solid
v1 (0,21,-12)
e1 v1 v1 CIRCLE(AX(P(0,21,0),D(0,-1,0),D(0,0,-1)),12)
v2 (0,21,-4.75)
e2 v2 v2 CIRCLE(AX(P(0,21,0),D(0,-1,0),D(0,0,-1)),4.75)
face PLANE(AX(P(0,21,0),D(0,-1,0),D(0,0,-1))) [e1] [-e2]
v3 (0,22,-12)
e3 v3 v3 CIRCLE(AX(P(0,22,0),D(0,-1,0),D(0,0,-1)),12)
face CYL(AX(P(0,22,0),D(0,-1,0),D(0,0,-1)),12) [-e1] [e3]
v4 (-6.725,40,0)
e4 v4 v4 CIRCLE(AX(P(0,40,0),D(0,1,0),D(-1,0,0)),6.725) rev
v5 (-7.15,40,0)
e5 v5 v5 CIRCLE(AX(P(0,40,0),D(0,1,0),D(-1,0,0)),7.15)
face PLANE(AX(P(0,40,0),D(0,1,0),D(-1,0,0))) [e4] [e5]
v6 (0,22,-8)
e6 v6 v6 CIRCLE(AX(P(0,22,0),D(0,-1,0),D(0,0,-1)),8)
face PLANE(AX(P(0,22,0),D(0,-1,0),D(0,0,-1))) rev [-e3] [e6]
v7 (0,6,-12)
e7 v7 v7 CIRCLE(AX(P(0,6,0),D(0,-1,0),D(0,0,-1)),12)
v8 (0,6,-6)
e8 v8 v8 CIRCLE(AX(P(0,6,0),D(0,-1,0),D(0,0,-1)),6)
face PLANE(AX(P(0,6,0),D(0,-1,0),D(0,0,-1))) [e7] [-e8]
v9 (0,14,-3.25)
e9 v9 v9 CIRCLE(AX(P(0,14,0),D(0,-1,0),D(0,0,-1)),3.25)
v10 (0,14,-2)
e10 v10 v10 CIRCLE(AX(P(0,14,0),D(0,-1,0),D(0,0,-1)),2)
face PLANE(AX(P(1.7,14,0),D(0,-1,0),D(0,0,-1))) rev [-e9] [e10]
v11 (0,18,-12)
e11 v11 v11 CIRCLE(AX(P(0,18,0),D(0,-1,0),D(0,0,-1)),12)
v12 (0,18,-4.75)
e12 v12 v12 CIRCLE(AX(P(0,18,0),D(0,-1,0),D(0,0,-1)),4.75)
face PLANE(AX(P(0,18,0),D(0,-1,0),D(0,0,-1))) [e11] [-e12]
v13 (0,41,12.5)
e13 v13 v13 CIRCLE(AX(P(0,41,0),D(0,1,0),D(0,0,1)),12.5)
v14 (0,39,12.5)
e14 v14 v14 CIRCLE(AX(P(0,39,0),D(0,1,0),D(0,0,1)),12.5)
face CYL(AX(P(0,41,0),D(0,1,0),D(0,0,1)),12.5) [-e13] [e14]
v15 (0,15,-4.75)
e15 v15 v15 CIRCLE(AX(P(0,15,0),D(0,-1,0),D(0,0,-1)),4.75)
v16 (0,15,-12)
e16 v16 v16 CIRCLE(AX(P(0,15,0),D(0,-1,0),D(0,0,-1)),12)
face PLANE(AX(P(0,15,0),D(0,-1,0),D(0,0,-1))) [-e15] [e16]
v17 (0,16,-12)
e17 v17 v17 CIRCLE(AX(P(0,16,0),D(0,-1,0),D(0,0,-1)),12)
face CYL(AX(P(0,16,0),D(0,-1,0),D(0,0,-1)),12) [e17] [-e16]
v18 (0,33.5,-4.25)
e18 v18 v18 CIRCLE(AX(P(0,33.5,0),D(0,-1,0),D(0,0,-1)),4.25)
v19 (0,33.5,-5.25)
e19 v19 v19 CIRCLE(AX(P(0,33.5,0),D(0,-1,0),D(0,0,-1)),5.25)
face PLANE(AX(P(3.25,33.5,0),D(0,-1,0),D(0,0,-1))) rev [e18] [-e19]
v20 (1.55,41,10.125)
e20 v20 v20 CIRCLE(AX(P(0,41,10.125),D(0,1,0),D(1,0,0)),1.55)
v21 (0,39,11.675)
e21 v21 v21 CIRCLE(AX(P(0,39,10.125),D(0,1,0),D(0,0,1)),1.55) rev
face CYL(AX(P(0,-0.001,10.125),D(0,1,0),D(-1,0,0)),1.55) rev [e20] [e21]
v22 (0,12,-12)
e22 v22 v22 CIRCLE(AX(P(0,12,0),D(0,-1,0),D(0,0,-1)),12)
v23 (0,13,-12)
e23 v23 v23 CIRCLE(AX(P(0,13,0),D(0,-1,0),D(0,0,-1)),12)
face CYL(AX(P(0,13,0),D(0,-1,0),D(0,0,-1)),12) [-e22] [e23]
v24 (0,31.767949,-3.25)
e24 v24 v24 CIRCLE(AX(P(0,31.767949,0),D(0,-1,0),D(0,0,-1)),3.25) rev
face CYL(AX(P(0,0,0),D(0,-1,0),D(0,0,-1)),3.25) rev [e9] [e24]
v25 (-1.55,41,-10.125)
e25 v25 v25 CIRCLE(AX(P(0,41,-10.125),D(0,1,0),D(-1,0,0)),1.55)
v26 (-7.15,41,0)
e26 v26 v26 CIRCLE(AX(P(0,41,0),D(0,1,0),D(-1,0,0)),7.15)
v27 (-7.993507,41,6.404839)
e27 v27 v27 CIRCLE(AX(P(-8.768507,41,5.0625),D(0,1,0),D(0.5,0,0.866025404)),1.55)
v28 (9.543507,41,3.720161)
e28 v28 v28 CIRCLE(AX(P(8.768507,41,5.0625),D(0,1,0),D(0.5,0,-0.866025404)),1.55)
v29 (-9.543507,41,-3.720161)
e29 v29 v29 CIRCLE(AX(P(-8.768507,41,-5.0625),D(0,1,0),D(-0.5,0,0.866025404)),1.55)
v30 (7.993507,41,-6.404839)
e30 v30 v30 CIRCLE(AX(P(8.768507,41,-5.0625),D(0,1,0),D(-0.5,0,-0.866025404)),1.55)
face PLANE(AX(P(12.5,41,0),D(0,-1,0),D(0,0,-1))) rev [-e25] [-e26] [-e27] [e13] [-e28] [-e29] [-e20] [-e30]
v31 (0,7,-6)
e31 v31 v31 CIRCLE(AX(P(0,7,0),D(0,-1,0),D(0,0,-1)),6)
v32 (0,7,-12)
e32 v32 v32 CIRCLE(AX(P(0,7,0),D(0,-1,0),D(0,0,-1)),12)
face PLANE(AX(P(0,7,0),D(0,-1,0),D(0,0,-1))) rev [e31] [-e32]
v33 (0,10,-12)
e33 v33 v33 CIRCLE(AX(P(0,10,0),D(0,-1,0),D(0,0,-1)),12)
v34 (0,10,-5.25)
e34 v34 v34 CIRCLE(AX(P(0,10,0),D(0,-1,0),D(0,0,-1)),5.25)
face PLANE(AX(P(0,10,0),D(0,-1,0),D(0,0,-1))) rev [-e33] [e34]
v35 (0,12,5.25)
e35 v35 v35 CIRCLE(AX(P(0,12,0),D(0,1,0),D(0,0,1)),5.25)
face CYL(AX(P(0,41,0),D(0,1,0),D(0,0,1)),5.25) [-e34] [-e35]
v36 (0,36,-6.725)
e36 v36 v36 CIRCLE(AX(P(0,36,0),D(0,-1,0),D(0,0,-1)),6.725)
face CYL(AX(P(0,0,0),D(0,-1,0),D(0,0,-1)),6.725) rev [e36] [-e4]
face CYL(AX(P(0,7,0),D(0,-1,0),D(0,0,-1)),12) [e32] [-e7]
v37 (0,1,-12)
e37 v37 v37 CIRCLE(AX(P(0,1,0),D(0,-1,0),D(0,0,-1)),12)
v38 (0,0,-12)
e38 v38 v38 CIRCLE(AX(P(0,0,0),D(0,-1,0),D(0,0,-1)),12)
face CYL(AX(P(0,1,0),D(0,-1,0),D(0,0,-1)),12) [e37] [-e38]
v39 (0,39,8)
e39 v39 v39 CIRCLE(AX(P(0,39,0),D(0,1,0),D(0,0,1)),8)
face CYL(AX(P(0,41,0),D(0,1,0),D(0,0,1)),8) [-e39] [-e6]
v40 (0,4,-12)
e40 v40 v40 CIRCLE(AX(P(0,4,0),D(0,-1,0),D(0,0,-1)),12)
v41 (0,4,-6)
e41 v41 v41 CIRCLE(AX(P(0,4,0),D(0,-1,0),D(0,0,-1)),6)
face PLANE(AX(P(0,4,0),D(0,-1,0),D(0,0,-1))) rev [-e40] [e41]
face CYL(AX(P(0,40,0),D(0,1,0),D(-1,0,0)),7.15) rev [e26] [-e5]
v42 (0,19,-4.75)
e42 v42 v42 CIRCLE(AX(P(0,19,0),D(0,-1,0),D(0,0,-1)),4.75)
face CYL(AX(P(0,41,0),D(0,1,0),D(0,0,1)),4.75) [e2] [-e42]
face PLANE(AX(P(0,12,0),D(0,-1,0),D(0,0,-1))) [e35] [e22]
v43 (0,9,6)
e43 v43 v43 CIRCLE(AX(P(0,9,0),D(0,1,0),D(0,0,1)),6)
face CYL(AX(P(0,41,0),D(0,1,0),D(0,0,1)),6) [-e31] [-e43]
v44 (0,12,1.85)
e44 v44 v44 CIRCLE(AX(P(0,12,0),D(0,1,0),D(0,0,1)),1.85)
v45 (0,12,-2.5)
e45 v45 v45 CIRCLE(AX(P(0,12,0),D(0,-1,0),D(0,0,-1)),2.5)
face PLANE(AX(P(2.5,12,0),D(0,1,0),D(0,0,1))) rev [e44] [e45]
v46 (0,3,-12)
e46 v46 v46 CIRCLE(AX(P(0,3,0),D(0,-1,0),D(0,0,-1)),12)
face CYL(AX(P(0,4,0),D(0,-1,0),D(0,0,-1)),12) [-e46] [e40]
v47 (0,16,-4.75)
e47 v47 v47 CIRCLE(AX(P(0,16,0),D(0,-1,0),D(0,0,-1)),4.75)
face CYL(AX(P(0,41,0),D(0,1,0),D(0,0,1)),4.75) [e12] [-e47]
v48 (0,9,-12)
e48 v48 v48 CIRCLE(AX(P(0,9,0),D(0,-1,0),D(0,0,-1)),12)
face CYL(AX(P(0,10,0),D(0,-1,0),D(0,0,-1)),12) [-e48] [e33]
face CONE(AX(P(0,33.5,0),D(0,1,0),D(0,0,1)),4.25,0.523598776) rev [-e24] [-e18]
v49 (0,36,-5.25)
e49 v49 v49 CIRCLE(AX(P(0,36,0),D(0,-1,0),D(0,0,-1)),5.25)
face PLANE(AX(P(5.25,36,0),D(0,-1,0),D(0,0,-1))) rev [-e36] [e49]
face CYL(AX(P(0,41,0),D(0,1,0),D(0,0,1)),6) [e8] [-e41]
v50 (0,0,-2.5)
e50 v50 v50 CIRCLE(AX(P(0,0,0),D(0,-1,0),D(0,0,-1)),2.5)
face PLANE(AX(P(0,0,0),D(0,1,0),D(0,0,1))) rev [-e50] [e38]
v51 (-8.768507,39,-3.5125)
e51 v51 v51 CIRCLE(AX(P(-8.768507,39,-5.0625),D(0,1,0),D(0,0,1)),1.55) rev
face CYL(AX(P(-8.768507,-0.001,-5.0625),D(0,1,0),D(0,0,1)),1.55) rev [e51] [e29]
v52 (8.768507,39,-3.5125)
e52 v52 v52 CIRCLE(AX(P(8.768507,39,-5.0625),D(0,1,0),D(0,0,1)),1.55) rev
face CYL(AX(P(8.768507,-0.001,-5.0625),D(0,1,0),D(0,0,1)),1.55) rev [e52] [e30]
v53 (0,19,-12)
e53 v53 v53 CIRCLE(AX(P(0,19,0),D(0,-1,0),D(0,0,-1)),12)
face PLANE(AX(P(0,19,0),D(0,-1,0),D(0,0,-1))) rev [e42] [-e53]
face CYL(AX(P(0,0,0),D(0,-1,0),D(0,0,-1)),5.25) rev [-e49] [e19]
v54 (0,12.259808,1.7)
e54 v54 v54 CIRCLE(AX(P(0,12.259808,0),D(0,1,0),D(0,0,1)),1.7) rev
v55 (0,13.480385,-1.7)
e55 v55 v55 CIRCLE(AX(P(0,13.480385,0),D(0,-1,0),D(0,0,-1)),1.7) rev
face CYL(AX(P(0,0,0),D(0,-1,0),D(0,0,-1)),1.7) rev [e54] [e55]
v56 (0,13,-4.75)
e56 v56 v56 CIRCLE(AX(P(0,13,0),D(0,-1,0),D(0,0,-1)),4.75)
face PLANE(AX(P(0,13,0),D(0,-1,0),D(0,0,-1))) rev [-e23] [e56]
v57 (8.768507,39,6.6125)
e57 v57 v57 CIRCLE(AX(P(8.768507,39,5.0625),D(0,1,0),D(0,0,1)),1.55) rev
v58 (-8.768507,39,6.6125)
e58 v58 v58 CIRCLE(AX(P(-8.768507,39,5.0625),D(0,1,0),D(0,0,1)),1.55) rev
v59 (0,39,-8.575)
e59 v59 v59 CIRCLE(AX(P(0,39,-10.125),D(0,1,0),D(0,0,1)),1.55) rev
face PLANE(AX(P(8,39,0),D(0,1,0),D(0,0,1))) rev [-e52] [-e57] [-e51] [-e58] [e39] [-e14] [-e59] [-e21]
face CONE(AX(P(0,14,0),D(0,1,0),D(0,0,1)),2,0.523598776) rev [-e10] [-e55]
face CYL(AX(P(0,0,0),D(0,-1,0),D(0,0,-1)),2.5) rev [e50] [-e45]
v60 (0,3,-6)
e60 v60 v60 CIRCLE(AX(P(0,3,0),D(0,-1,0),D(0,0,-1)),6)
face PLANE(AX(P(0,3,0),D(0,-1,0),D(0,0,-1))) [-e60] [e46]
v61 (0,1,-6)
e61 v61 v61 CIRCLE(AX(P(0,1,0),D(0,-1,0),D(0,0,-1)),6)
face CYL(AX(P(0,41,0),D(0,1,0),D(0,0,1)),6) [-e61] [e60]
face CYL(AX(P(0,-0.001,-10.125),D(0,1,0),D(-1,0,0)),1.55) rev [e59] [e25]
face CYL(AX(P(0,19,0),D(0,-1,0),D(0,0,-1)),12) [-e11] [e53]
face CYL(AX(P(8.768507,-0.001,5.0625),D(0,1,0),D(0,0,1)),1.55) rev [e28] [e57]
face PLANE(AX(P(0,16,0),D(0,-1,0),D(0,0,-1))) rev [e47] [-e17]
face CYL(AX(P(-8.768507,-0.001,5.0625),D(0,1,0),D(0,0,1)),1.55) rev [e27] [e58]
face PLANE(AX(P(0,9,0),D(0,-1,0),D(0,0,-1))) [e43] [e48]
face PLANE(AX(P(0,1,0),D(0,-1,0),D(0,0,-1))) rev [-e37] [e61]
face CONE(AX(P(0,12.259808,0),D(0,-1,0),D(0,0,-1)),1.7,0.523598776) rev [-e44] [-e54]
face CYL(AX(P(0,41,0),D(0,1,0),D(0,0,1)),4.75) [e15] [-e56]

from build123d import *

# Parameters (mm, degrees)
CROQUIS3_R              = 12
CROQUIS3_R_2            = 3.25
SALIENTE_EXTRUIR1_DEPTH = 1
MATRIZL1_COUNT          = 8
MATRIZL1_PITCH          = 3
CROQUIS5_R              = 1.55
CORTAR_EXTRUIR1_DEPTH   = 2
MATRIZC1_COUNT          = 6
CHAFL_N3_SIZE           = 0.3
CHAFL_N3_SIZE2          = 0.519615242
CROQUIS6_R              = 7.15
CORTAR_EXTRUIR2_DEPTH   = 1
CHAFL_N2_SIZE           = 0.15
CHAFL_N2_SIZE2          = 0.259807621
CHAFL_N4_SIZE           = 1
CHAFL_N4_SIZE2          = 1.732050808


with BuildPart() as part:
    # Croquis1 → Revolución1 (revolve)
    with BuildSketch(Plane.XY):
        Polygon((0, 0), (6, 0), (6, 9), (5.25, 9), (5.25, 12), (4.75, 12), (4.75, 22), (8, 22), (8, 39), (12.5, 39), (12.5, 41), (0, 41), align=None)
    revolve(axis=Axis((0, 41, 0), (0, -1, 0)))

    # Croquis2 → Cortar-Revolución1 (revolve, cut)
    with BuildSketch(Plane.XY):
        Polygon((0, 0), (2.5, 0), (2.5, 12), (1.7, 12), (1.7, 14), (3.25, 14), (3.25, 33.5), (5.25, 33.5), (5.25, 36), (6.725, 36), (6.725, 41), (0, 41), align=None)
    revolve(axis=Axis((0, 0, 0), (0, 1, 0)), mode=Mode.SUBTRACT)

    # Croquis3 → Saliente-Extruir1 (add)
    with BuildSketch(Plane.XZ):
        Circle(CROQUIS3_R)
        Circle(CROQUIS3_R_2, mode=Mode.SUBTRACT)
    saliente_extruir1 = extrude(amount=-SALIENTE_EXTRUIR1_DEPTH)

    # MatrizL1: Saliente-Extruir1 ×8
    with Locations(*[(0, i * MATRIZL1_PITCH, 0) for i in range(1, MATRIZL1_COUNT)]):
        add(saliente_extruir1)

    # Croquis5 → Cortar-Extruir1 (cut)
    with BuildSketch(Plane(origin=(0, 41, 0), x_dir=(1, 0, 0), z_dir=(0, 1, 0))):
        with Locations((0, 10.125)):
            Circle(CROQUIS5_R)
    cortar_extruir1 = extrude(amount=-CORTAR_EXTRUIR1_DEPTH, mode=Mode.SUBTRACT)

    # MatrizC1: Cortar-Extruir1 ×6 about axis
    matrizc1_axis = Axis((0, 0, 0), (0, 1, 0))
    for i in range(1, MATRIZC1_COUNT):
        add(cortar_extruir1.rotate(matrizc1_axis, i * 360 / MATRIZC1_COUNT), mode=Mode.SUBTRACT)

    # Chaflán3
    chafl_n3_edges = [part.edges().sort_by_distance(p)[0] for p in [
        (-1.7, 14, 0),
    ]]
    chafl_n3_side = [part.faces().sort_by_distance(p)[0] for p in [
        (-1.791923882, 14, 0),
    ]]
    chamfer(chafl_n3_edges, length=CHAFL_N3_SIZE, length2=CHAFL_N3_SIZE2, reference=chafl_n3_side[0])

    # Croquis6 → Cortar-Extruir2 (cut)
    with BuildSketch(Plane(origin=(0, 41, 0), x_dir=(1, 0, 0), z_dir=(0, 1, 0))):
        Circle(CROQUIS6_R)
    extrude(amount=-CORTAR_EXTRUIR2_DEPTH, mode=Mode.SUBTRACT)

    # Chaflán2
    chafl_n2_edges = [part.edges().sort_by_distance(p)[0] for p in [
        (-1.7, 12, 0),
    ]]
    chafl_n2_side = [part.faces().sort_by_distance(p)[0] for p in [
        (-2.429289322, 12, 0),
    ]]
    chamfer(chafl_n2_edges, length=CHAFL_N2_SIZE, length2=CHAFL_N2_SIZE2, reference=chafl_n2_side[0])

    # Chaflán4
    chafl_n4_edges = [part.edges().sort_by_distance(p)[0] for p in [
        (-3.25, 33.5, 0),
    ]]
    chafl_n4_side = [part.faces().sort_by_distance(p)[0] for p in [
        (-3.398492424, 33.5, 0),
    ]]
    chamfer(chafl_n4_edges, length=CHAFL_N4_SIZE, length2=CHAFL_N4_SIZE2, reference=chafl_n4_side[0])


solid = part.part
